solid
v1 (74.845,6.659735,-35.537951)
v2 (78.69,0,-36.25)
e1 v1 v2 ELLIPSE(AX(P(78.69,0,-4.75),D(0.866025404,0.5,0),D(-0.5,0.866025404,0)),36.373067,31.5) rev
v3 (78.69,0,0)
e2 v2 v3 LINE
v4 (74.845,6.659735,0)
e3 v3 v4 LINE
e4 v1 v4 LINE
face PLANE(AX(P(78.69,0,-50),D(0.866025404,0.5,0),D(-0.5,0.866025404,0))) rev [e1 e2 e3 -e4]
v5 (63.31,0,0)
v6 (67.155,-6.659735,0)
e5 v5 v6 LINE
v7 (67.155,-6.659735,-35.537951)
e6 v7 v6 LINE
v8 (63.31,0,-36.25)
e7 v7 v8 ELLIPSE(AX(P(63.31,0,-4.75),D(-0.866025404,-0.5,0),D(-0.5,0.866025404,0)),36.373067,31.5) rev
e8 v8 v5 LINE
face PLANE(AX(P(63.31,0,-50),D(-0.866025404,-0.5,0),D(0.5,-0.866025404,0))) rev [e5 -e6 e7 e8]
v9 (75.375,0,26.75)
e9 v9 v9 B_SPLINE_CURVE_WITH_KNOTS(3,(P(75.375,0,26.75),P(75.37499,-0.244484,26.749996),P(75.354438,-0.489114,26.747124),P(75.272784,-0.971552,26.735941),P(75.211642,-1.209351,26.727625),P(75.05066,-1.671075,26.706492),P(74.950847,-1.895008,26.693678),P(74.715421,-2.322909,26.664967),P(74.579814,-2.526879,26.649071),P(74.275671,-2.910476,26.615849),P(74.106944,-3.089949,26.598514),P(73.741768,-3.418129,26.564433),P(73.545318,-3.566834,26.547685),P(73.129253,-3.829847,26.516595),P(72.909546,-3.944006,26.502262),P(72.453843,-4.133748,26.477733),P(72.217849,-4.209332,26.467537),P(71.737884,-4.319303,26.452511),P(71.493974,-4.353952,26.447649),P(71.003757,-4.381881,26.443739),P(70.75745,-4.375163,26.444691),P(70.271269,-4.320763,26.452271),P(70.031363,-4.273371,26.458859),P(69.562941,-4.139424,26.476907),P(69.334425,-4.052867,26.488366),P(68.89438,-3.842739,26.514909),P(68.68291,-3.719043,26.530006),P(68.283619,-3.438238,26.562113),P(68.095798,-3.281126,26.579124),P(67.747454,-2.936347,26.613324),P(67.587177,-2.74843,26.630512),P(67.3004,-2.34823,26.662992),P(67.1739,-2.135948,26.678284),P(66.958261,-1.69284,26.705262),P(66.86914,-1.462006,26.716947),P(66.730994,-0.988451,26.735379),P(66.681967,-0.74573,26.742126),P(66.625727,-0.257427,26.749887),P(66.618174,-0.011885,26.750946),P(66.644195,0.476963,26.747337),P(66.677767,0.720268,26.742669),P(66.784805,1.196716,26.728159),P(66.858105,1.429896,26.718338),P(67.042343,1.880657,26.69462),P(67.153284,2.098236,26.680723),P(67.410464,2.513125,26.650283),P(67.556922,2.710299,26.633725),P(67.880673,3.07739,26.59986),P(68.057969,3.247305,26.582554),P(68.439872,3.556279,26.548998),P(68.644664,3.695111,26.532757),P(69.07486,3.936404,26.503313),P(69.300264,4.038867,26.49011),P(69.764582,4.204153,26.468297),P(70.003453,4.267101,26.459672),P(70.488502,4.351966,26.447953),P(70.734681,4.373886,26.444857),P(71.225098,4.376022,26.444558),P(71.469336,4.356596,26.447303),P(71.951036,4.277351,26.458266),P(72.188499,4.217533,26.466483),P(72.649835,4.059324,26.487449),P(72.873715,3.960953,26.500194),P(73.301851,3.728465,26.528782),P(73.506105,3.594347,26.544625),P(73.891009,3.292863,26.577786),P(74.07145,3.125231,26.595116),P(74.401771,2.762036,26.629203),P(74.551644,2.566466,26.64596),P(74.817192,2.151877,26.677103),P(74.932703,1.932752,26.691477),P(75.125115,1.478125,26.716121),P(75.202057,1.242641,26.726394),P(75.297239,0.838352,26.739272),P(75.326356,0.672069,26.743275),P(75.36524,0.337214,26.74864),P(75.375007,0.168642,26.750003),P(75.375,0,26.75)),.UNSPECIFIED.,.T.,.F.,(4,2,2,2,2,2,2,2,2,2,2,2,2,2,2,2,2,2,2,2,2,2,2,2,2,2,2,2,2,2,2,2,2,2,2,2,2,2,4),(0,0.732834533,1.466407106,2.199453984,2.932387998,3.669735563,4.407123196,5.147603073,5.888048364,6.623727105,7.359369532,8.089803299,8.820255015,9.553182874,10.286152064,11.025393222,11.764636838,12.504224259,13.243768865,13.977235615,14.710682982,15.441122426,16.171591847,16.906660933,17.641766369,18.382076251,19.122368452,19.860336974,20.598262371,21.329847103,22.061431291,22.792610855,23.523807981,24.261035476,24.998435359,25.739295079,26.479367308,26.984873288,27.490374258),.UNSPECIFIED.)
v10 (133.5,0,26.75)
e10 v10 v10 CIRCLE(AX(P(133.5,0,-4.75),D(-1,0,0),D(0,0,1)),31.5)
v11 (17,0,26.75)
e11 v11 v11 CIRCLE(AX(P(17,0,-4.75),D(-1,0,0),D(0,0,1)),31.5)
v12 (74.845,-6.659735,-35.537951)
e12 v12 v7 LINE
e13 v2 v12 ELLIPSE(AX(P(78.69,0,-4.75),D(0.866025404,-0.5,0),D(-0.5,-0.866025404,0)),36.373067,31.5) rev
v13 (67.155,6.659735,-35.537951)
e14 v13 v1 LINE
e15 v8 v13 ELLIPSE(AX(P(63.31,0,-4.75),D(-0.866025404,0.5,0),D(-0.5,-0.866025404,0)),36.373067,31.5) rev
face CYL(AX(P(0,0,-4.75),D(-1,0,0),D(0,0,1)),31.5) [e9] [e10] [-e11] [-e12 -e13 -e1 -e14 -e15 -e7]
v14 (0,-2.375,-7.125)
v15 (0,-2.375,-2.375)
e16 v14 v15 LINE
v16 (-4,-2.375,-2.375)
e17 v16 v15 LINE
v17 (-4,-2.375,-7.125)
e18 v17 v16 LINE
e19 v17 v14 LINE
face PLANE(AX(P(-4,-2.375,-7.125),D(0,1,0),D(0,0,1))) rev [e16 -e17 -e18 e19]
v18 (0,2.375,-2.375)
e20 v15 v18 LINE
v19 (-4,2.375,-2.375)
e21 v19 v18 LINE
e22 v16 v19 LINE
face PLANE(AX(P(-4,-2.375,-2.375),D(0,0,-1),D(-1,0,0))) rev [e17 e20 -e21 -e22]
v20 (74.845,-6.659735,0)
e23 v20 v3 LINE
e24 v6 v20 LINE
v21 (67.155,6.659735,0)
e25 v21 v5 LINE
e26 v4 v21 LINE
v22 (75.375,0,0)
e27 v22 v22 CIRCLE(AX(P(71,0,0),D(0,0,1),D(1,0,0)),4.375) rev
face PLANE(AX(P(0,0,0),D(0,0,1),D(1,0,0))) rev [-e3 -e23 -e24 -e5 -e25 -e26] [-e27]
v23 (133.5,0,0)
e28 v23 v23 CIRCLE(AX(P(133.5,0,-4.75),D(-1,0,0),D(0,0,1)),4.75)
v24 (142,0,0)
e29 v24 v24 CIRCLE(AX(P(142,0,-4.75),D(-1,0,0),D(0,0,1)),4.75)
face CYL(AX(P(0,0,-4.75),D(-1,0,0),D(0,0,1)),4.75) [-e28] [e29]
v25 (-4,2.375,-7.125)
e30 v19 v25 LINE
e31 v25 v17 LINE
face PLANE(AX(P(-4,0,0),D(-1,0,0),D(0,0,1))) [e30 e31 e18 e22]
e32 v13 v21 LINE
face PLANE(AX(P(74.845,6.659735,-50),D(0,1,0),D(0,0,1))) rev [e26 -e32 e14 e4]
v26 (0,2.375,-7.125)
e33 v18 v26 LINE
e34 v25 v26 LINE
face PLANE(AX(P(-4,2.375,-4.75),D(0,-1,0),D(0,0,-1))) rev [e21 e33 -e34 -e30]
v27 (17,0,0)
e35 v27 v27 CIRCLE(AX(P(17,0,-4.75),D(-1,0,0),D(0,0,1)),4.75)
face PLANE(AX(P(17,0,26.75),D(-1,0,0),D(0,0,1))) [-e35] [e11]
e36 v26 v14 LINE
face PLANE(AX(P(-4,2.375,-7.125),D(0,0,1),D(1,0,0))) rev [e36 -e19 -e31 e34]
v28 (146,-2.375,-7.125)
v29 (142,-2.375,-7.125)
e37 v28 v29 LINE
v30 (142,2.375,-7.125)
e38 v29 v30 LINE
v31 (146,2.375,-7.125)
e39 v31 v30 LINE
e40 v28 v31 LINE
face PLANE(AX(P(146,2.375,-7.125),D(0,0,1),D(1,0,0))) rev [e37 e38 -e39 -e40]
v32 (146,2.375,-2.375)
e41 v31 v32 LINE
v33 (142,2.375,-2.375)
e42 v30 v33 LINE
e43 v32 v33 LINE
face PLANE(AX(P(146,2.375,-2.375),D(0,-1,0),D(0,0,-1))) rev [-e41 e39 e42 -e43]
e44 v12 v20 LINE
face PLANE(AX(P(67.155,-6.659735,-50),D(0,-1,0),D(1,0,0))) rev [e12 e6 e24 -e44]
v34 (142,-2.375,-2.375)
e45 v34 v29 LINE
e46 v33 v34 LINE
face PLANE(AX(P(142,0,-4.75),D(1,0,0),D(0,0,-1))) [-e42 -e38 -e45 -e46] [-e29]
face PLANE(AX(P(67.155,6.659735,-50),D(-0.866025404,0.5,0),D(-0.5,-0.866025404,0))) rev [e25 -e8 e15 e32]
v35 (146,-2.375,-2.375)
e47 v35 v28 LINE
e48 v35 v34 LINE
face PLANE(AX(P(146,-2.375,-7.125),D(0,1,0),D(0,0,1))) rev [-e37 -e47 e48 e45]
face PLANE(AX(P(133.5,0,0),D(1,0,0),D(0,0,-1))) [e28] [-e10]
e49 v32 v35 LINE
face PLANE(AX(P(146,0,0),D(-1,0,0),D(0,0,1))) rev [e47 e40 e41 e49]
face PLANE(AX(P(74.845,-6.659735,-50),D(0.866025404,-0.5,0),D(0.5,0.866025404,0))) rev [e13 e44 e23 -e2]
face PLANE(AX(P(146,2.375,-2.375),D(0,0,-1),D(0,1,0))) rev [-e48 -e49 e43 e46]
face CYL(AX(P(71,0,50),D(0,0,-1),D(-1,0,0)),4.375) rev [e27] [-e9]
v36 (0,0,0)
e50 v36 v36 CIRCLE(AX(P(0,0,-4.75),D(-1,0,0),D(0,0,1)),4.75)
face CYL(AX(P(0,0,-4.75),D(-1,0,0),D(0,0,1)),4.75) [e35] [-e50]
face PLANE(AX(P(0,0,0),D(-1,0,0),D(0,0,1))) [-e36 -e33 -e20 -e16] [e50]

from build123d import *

# Parameters (mm, degrees)
ESQUISSE5_W                  = 4.75
ESQUISSE5_H                  = 4.75
BOSS_EXTRU_3_DEPTH           = 4
BOSS_EXTRU_4_DEPTH           = 4
ESQUISSE10_R                 = 4.375
ENL_V_MAT_EXTRU_2_DEPTH      = 50
ENL_V_MAT_EXTRU_3_DEPTH      = 50
ENL_V_MAT_EXTRU_3_DEPTH_BACK = 50
ESQUISSE11_R                 = 4.375


with BuildPart() as part:
    # Esquisse1 → Révolution1 (revolve)
    with BuildSketch(Plane(origin=(0, 0, 0), x_dir=(1, 0, 0), z_dir=(0, 1, 0))):
        Polygon((0, 0), (0, 4.75), (142, 4.75), (142, 0), (133.5, 0), (133.5, -26.75), (17, -26.75), (17, 0), align=None)
    revolve(axis=Axis((0, 0, -4.75), (1, 0, 0)))

    # Esquisse5 → Boss.-Extru.3 (add)
    with BuildSketch(Plane(origin=(142, 0, 0), x_dir=(0, 0, -1), z_dir=(1, 0, 0))):
        with Locations((4.75, 0)):
            Rectangle(ESQUISSE5_W, ESQUISSE5_H)
    extrude(amount=BOSS_EXTRU_3_DEPTH)

    # Esquisse6 → Boss.-Extru.4 (add)
    with BuildSketch(Plane.ZY):
        Polygon((-4.75, 2.375), (-7.125, 2.375), (-7.125, -2.375), (-2.375, -2.375), (-2.375, 2.375), align=None)
    extrude(amount=BOSS_EXTRU_4_DEPTH)

    # Esquisse10 → Enlèv. mat.-Extru.2 (cut)
    with BuildSketch(Plane.XY):
        Polygon((63.31, 0), (67.155, -6.659735355), (74.845, -6.659735355), (78.69, 0), (74.845, 6.659735355), (67.155, 6.659735355), align=None)
        with Locations((71, 0)):
            Circle(ESQUISSE10_R, mode=Mode.SUBTRACT)
    extrude(amount=-ENL_V_MAT_EXTRU_2_DEPTH, mode=Mode.SUBTRACT)

    # Esquisse11 → Enlèv. mat.-Extru.3 (cut, two sides: drawn at the far end of the back side and taken through both)
    with BuildSketch(Plane.XY.offset(-ENL_V_MAT_EXTRU_3_DEPTH_BACK)):
        with Locations((71, 0)):
            Circle(ESQUISSE11_R)
    extrude(amount=ENL_V_MAT_EXTRU_3_DEPTH + ENL_V_MAT_EXTRU_3_DEPTH_BACK, mode=Mode.SUBTRACT)


solid = part.part
